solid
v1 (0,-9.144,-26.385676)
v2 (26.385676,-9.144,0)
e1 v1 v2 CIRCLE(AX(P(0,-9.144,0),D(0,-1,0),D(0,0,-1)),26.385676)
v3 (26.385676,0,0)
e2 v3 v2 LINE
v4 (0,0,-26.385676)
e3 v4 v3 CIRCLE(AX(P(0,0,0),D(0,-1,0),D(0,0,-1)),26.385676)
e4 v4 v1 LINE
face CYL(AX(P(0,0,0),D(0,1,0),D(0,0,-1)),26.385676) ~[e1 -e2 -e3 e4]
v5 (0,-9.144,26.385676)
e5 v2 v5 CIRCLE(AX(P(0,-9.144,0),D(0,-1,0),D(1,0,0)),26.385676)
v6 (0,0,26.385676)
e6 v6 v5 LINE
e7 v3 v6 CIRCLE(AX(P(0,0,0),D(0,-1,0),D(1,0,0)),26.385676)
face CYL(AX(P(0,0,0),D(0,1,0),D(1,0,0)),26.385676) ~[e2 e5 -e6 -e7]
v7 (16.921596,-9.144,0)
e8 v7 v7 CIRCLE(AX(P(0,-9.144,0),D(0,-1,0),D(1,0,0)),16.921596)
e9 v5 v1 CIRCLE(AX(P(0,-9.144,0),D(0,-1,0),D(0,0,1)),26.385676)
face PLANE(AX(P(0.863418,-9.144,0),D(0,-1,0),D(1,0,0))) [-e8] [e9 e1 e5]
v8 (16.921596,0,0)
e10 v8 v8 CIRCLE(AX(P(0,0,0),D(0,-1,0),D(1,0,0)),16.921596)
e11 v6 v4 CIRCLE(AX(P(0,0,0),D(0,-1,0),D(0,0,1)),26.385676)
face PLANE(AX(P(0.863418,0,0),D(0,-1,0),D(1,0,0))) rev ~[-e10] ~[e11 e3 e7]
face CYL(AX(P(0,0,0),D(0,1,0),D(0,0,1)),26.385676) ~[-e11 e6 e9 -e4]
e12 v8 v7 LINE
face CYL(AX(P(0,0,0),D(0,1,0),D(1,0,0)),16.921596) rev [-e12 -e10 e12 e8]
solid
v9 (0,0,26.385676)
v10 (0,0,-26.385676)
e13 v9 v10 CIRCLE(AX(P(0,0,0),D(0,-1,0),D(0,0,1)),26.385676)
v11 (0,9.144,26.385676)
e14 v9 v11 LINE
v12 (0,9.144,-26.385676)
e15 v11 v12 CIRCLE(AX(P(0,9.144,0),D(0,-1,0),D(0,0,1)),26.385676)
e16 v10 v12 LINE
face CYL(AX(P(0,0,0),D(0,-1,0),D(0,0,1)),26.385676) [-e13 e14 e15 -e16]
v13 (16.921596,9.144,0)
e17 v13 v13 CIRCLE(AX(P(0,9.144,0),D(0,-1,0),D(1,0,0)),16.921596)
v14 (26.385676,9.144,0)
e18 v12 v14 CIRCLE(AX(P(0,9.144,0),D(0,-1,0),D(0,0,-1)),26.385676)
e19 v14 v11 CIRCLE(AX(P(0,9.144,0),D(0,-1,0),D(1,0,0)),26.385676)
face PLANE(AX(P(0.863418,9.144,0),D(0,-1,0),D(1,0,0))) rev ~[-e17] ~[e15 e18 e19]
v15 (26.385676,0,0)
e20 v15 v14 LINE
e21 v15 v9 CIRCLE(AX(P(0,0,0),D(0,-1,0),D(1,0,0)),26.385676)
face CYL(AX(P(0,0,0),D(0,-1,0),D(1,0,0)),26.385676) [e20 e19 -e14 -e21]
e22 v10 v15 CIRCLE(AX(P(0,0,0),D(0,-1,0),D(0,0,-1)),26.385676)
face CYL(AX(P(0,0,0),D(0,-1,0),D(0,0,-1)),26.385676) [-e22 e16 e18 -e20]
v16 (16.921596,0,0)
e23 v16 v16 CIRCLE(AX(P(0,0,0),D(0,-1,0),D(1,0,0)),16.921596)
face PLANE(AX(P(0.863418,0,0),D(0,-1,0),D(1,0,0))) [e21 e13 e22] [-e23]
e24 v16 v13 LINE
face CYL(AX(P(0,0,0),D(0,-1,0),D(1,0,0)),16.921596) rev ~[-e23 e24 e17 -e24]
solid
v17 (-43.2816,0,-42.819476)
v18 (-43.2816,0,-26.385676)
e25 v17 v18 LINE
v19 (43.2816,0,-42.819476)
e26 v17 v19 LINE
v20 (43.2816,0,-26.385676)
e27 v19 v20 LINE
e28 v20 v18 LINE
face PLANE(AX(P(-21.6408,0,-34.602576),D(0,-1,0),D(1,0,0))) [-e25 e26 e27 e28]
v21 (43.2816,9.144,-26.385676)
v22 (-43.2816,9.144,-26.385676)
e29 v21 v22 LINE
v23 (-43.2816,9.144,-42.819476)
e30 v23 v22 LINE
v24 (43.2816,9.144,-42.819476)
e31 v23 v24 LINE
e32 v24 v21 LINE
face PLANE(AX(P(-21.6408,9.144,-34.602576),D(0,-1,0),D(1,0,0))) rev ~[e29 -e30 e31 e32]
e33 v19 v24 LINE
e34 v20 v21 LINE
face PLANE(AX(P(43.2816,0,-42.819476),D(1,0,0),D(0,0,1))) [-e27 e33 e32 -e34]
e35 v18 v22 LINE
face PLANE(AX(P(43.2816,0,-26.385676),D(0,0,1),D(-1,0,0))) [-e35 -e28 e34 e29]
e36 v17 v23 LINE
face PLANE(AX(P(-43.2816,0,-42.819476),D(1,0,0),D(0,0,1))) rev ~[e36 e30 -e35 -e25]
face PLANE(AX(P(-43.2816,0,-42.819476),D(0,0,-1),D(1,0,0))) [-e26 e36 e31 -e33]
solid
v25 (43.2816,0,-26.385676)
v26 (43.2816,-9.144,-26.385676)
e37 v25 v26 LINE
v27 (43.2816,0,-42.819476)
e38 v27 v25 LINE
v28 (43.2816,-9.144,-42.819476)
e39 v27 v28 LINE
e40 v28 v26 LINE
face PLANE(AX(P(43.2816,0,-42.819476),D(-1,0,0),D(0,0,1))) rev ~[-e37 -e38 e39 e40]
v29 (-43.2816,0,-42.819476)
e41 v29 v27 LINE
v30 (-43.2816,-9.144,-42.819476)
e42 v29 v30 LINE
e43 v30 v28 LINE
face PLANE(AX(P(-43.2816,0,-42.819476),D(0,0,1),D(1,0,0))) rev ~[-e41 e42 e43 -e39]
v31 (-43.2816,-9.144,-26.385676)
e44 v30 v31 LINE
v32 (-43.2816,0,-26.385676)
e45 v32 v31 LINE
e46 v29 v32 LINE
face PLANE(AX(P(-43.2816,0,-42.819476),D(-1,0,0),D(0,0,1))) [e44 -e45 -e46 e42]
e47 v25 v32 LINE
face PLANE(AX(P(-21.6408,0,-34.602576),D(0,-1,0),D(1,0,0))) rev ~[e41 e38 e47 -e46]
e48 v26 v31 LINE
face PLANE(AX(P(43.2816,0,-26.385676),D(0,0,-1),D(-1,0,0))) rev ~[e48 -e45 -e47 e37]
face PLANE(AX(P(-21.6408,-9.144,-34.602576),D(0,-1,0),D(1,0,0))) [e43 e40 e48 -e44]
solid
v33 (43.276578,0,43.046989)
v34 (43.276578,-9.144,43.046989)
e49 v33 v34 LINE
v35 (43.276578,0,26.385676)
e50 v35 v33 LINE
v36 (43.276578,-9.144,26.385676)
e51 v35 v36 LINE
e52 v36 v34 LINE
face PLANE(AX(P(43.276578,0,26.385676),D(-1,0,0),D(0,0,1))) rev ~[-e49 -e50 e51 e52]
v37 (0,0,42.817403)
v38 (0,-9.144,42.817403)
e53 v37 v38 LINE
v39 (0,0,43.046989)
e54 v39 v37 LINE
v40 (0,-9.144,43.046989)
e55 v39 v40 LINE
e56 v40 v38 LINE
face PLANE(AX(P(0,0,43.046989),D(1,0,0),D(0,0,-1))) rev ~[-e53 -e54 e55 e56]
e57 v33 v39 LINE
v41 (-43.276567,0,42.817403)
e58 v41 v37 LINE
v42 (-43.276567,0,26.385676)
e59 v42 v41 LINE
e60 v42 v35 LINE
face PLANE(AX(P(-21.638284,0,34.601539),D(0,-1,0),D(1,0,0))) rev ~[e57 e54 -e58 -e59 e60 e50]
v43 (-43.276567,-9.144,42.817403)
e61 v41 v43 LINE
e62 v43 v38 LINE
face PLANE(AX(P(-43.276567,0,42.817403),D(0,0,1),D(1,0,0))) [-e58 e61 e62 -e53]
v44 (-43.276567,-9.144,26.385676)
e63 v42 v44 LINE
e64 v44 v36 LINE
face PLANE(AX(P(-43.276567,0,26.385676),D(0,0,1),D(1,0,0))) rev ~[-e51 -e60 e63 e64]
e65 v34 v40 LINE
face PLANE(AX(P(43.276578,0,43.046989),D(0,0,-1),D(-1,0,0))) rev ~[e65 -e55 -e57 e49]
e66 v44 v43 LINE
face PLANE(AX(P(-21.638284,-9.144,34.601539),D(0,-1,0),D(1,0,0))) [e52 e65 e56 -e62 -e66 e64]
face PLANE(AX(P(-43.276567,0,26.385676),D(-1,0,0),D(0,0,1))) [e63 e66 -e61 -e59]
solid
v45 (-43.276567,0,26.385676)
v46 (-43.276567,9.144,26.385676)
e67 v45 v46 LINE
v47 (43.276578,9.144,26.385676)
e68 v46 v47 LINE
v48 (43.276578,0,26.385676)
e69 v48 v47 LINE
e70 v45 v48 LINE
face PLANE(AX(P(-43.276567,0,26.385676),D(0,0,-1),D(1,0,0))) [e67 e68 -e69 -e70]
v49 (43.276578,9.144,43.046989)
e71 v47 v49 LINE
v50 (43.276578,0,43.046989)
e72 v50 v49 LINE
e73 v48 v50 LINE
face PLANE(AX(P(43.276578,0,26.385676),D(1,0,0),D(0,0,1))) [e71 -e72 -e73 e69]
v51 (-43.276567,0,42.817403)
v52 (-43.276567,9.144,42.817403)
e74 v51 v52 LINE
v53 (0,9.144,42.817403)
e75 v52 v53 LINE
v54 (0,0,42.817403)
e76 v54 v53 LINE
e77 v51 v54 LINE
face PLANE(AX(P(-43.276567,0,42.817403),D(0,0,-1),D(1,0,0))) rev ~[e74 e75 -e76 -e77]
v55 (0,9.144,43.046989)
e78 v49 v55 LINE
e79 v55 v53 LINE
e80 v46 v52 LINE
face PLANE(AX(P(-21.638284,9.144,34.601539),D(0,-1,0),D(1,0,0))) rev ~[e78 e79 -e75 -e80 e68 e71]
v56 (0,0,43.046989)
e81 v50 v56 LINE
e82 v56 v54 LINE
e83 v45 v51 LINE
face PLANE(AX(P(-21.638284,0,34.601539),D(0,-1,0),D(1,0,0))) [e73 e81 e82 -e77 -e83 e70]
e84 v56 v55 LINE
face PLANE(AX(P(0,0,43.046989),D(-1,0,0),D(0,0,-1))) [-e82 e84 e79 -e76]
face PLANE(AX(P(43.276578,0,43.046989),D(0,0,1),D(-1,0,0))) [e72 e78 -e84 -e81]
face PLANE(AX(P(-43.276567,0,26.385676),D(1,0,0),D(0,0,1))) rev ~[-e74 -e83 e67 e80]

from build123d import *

# Parameters (mm, degrees)
F0_R     = 16.9215961021
F1_DEPTH = 9.144
F0_W     = 43.2765670121
F0_H     = 16.4317270167
F0_W_2   = 43.2816
F0_H_2   = 16.4338
F2_DEPTH = 9.144


with BuildPart() as f1:
    # F0 (on Front) → F1 (new body)
    with BuildSketch(Plane.XZ):
        with BuildLine():
            ThreePointArc((0, -26.3856756144), (18.6574901531, -18.6574901531), (26.3856756144, 0))
            ThreePointArc((26.3856756144, 0), (18.6574901531, 18.6574901531), (0, 26.3856756144))
            ThreePointArc((0, 26.3856756144), (-26.3856756144, 0), (0, -26.3856756144))
        make_face()
        Circle(F0_R, mode=Mode.SUBTRACT)
    extrude(amount=F1_DEPTH)


with BuildPart() as f1b:
    # F0 (on Front) → F1, piece 2 (new body)
    with BuildSketch(Plane.XZ):
        with Locations((-21.638283506, 34.6015391227)):
            Rectangle(F0_W, F0_H)
        Polygon((0, 42.817402631), (0, 26.3856756144), (43.2765781879, 26.3856756144), (43.2765781879, 43.0469885468), (0, 43.0469885468), align=None)
    extrude(amount=F1_DEPTH)


with BuildPart() as f1c:
    # F0 (on Front) → F1, piece 3 (new body)
    with BuildSketch(Plane.XZ):
        with Locations((-21.6408, -34.6025756144)):
            Rectangle(F0_W_2, F0_H_2)
        with Locations((21.6408, -34.6025756144)):
            Rectangle(F0_W_2, F0_H_2)
    extrude(amount=F1_DEPTH)


with BuildPart() as f2:
    # F2 (new): a face of the model
    f2_faces = [f1.part.faces().sort_by_distance(p)[0] for p in [
        (-25.6393760083, 0, 0),
    ]]
    extrude(f2_faces, amount=F2_DEPTH)


with BuildPart() as f2b:
    # F2#2 (new): a face of the model
    f2_2_faces = [f1c.part.faces().sort_by_distance(p)[0] for p in [
        (0, 0, -34.6025756144),
    ]]
    extrude(f2_2_faces, amount=F2_DEPTH)


with BuildPart() as f2c:
    # F2#3 (new): a face of the model
    f2_3_faces = [f1b.part.faces().sort_by_distance(p)[0] for p in [
        (0.1501231287, 0, 34.6593338023),
    ]]
    extrude(f2_3_faces, amount=F2_DEPTH)


solid = Compound([f1.part, f1b.part, f1c.part, f2.part, f2b.part, f2c.part])
